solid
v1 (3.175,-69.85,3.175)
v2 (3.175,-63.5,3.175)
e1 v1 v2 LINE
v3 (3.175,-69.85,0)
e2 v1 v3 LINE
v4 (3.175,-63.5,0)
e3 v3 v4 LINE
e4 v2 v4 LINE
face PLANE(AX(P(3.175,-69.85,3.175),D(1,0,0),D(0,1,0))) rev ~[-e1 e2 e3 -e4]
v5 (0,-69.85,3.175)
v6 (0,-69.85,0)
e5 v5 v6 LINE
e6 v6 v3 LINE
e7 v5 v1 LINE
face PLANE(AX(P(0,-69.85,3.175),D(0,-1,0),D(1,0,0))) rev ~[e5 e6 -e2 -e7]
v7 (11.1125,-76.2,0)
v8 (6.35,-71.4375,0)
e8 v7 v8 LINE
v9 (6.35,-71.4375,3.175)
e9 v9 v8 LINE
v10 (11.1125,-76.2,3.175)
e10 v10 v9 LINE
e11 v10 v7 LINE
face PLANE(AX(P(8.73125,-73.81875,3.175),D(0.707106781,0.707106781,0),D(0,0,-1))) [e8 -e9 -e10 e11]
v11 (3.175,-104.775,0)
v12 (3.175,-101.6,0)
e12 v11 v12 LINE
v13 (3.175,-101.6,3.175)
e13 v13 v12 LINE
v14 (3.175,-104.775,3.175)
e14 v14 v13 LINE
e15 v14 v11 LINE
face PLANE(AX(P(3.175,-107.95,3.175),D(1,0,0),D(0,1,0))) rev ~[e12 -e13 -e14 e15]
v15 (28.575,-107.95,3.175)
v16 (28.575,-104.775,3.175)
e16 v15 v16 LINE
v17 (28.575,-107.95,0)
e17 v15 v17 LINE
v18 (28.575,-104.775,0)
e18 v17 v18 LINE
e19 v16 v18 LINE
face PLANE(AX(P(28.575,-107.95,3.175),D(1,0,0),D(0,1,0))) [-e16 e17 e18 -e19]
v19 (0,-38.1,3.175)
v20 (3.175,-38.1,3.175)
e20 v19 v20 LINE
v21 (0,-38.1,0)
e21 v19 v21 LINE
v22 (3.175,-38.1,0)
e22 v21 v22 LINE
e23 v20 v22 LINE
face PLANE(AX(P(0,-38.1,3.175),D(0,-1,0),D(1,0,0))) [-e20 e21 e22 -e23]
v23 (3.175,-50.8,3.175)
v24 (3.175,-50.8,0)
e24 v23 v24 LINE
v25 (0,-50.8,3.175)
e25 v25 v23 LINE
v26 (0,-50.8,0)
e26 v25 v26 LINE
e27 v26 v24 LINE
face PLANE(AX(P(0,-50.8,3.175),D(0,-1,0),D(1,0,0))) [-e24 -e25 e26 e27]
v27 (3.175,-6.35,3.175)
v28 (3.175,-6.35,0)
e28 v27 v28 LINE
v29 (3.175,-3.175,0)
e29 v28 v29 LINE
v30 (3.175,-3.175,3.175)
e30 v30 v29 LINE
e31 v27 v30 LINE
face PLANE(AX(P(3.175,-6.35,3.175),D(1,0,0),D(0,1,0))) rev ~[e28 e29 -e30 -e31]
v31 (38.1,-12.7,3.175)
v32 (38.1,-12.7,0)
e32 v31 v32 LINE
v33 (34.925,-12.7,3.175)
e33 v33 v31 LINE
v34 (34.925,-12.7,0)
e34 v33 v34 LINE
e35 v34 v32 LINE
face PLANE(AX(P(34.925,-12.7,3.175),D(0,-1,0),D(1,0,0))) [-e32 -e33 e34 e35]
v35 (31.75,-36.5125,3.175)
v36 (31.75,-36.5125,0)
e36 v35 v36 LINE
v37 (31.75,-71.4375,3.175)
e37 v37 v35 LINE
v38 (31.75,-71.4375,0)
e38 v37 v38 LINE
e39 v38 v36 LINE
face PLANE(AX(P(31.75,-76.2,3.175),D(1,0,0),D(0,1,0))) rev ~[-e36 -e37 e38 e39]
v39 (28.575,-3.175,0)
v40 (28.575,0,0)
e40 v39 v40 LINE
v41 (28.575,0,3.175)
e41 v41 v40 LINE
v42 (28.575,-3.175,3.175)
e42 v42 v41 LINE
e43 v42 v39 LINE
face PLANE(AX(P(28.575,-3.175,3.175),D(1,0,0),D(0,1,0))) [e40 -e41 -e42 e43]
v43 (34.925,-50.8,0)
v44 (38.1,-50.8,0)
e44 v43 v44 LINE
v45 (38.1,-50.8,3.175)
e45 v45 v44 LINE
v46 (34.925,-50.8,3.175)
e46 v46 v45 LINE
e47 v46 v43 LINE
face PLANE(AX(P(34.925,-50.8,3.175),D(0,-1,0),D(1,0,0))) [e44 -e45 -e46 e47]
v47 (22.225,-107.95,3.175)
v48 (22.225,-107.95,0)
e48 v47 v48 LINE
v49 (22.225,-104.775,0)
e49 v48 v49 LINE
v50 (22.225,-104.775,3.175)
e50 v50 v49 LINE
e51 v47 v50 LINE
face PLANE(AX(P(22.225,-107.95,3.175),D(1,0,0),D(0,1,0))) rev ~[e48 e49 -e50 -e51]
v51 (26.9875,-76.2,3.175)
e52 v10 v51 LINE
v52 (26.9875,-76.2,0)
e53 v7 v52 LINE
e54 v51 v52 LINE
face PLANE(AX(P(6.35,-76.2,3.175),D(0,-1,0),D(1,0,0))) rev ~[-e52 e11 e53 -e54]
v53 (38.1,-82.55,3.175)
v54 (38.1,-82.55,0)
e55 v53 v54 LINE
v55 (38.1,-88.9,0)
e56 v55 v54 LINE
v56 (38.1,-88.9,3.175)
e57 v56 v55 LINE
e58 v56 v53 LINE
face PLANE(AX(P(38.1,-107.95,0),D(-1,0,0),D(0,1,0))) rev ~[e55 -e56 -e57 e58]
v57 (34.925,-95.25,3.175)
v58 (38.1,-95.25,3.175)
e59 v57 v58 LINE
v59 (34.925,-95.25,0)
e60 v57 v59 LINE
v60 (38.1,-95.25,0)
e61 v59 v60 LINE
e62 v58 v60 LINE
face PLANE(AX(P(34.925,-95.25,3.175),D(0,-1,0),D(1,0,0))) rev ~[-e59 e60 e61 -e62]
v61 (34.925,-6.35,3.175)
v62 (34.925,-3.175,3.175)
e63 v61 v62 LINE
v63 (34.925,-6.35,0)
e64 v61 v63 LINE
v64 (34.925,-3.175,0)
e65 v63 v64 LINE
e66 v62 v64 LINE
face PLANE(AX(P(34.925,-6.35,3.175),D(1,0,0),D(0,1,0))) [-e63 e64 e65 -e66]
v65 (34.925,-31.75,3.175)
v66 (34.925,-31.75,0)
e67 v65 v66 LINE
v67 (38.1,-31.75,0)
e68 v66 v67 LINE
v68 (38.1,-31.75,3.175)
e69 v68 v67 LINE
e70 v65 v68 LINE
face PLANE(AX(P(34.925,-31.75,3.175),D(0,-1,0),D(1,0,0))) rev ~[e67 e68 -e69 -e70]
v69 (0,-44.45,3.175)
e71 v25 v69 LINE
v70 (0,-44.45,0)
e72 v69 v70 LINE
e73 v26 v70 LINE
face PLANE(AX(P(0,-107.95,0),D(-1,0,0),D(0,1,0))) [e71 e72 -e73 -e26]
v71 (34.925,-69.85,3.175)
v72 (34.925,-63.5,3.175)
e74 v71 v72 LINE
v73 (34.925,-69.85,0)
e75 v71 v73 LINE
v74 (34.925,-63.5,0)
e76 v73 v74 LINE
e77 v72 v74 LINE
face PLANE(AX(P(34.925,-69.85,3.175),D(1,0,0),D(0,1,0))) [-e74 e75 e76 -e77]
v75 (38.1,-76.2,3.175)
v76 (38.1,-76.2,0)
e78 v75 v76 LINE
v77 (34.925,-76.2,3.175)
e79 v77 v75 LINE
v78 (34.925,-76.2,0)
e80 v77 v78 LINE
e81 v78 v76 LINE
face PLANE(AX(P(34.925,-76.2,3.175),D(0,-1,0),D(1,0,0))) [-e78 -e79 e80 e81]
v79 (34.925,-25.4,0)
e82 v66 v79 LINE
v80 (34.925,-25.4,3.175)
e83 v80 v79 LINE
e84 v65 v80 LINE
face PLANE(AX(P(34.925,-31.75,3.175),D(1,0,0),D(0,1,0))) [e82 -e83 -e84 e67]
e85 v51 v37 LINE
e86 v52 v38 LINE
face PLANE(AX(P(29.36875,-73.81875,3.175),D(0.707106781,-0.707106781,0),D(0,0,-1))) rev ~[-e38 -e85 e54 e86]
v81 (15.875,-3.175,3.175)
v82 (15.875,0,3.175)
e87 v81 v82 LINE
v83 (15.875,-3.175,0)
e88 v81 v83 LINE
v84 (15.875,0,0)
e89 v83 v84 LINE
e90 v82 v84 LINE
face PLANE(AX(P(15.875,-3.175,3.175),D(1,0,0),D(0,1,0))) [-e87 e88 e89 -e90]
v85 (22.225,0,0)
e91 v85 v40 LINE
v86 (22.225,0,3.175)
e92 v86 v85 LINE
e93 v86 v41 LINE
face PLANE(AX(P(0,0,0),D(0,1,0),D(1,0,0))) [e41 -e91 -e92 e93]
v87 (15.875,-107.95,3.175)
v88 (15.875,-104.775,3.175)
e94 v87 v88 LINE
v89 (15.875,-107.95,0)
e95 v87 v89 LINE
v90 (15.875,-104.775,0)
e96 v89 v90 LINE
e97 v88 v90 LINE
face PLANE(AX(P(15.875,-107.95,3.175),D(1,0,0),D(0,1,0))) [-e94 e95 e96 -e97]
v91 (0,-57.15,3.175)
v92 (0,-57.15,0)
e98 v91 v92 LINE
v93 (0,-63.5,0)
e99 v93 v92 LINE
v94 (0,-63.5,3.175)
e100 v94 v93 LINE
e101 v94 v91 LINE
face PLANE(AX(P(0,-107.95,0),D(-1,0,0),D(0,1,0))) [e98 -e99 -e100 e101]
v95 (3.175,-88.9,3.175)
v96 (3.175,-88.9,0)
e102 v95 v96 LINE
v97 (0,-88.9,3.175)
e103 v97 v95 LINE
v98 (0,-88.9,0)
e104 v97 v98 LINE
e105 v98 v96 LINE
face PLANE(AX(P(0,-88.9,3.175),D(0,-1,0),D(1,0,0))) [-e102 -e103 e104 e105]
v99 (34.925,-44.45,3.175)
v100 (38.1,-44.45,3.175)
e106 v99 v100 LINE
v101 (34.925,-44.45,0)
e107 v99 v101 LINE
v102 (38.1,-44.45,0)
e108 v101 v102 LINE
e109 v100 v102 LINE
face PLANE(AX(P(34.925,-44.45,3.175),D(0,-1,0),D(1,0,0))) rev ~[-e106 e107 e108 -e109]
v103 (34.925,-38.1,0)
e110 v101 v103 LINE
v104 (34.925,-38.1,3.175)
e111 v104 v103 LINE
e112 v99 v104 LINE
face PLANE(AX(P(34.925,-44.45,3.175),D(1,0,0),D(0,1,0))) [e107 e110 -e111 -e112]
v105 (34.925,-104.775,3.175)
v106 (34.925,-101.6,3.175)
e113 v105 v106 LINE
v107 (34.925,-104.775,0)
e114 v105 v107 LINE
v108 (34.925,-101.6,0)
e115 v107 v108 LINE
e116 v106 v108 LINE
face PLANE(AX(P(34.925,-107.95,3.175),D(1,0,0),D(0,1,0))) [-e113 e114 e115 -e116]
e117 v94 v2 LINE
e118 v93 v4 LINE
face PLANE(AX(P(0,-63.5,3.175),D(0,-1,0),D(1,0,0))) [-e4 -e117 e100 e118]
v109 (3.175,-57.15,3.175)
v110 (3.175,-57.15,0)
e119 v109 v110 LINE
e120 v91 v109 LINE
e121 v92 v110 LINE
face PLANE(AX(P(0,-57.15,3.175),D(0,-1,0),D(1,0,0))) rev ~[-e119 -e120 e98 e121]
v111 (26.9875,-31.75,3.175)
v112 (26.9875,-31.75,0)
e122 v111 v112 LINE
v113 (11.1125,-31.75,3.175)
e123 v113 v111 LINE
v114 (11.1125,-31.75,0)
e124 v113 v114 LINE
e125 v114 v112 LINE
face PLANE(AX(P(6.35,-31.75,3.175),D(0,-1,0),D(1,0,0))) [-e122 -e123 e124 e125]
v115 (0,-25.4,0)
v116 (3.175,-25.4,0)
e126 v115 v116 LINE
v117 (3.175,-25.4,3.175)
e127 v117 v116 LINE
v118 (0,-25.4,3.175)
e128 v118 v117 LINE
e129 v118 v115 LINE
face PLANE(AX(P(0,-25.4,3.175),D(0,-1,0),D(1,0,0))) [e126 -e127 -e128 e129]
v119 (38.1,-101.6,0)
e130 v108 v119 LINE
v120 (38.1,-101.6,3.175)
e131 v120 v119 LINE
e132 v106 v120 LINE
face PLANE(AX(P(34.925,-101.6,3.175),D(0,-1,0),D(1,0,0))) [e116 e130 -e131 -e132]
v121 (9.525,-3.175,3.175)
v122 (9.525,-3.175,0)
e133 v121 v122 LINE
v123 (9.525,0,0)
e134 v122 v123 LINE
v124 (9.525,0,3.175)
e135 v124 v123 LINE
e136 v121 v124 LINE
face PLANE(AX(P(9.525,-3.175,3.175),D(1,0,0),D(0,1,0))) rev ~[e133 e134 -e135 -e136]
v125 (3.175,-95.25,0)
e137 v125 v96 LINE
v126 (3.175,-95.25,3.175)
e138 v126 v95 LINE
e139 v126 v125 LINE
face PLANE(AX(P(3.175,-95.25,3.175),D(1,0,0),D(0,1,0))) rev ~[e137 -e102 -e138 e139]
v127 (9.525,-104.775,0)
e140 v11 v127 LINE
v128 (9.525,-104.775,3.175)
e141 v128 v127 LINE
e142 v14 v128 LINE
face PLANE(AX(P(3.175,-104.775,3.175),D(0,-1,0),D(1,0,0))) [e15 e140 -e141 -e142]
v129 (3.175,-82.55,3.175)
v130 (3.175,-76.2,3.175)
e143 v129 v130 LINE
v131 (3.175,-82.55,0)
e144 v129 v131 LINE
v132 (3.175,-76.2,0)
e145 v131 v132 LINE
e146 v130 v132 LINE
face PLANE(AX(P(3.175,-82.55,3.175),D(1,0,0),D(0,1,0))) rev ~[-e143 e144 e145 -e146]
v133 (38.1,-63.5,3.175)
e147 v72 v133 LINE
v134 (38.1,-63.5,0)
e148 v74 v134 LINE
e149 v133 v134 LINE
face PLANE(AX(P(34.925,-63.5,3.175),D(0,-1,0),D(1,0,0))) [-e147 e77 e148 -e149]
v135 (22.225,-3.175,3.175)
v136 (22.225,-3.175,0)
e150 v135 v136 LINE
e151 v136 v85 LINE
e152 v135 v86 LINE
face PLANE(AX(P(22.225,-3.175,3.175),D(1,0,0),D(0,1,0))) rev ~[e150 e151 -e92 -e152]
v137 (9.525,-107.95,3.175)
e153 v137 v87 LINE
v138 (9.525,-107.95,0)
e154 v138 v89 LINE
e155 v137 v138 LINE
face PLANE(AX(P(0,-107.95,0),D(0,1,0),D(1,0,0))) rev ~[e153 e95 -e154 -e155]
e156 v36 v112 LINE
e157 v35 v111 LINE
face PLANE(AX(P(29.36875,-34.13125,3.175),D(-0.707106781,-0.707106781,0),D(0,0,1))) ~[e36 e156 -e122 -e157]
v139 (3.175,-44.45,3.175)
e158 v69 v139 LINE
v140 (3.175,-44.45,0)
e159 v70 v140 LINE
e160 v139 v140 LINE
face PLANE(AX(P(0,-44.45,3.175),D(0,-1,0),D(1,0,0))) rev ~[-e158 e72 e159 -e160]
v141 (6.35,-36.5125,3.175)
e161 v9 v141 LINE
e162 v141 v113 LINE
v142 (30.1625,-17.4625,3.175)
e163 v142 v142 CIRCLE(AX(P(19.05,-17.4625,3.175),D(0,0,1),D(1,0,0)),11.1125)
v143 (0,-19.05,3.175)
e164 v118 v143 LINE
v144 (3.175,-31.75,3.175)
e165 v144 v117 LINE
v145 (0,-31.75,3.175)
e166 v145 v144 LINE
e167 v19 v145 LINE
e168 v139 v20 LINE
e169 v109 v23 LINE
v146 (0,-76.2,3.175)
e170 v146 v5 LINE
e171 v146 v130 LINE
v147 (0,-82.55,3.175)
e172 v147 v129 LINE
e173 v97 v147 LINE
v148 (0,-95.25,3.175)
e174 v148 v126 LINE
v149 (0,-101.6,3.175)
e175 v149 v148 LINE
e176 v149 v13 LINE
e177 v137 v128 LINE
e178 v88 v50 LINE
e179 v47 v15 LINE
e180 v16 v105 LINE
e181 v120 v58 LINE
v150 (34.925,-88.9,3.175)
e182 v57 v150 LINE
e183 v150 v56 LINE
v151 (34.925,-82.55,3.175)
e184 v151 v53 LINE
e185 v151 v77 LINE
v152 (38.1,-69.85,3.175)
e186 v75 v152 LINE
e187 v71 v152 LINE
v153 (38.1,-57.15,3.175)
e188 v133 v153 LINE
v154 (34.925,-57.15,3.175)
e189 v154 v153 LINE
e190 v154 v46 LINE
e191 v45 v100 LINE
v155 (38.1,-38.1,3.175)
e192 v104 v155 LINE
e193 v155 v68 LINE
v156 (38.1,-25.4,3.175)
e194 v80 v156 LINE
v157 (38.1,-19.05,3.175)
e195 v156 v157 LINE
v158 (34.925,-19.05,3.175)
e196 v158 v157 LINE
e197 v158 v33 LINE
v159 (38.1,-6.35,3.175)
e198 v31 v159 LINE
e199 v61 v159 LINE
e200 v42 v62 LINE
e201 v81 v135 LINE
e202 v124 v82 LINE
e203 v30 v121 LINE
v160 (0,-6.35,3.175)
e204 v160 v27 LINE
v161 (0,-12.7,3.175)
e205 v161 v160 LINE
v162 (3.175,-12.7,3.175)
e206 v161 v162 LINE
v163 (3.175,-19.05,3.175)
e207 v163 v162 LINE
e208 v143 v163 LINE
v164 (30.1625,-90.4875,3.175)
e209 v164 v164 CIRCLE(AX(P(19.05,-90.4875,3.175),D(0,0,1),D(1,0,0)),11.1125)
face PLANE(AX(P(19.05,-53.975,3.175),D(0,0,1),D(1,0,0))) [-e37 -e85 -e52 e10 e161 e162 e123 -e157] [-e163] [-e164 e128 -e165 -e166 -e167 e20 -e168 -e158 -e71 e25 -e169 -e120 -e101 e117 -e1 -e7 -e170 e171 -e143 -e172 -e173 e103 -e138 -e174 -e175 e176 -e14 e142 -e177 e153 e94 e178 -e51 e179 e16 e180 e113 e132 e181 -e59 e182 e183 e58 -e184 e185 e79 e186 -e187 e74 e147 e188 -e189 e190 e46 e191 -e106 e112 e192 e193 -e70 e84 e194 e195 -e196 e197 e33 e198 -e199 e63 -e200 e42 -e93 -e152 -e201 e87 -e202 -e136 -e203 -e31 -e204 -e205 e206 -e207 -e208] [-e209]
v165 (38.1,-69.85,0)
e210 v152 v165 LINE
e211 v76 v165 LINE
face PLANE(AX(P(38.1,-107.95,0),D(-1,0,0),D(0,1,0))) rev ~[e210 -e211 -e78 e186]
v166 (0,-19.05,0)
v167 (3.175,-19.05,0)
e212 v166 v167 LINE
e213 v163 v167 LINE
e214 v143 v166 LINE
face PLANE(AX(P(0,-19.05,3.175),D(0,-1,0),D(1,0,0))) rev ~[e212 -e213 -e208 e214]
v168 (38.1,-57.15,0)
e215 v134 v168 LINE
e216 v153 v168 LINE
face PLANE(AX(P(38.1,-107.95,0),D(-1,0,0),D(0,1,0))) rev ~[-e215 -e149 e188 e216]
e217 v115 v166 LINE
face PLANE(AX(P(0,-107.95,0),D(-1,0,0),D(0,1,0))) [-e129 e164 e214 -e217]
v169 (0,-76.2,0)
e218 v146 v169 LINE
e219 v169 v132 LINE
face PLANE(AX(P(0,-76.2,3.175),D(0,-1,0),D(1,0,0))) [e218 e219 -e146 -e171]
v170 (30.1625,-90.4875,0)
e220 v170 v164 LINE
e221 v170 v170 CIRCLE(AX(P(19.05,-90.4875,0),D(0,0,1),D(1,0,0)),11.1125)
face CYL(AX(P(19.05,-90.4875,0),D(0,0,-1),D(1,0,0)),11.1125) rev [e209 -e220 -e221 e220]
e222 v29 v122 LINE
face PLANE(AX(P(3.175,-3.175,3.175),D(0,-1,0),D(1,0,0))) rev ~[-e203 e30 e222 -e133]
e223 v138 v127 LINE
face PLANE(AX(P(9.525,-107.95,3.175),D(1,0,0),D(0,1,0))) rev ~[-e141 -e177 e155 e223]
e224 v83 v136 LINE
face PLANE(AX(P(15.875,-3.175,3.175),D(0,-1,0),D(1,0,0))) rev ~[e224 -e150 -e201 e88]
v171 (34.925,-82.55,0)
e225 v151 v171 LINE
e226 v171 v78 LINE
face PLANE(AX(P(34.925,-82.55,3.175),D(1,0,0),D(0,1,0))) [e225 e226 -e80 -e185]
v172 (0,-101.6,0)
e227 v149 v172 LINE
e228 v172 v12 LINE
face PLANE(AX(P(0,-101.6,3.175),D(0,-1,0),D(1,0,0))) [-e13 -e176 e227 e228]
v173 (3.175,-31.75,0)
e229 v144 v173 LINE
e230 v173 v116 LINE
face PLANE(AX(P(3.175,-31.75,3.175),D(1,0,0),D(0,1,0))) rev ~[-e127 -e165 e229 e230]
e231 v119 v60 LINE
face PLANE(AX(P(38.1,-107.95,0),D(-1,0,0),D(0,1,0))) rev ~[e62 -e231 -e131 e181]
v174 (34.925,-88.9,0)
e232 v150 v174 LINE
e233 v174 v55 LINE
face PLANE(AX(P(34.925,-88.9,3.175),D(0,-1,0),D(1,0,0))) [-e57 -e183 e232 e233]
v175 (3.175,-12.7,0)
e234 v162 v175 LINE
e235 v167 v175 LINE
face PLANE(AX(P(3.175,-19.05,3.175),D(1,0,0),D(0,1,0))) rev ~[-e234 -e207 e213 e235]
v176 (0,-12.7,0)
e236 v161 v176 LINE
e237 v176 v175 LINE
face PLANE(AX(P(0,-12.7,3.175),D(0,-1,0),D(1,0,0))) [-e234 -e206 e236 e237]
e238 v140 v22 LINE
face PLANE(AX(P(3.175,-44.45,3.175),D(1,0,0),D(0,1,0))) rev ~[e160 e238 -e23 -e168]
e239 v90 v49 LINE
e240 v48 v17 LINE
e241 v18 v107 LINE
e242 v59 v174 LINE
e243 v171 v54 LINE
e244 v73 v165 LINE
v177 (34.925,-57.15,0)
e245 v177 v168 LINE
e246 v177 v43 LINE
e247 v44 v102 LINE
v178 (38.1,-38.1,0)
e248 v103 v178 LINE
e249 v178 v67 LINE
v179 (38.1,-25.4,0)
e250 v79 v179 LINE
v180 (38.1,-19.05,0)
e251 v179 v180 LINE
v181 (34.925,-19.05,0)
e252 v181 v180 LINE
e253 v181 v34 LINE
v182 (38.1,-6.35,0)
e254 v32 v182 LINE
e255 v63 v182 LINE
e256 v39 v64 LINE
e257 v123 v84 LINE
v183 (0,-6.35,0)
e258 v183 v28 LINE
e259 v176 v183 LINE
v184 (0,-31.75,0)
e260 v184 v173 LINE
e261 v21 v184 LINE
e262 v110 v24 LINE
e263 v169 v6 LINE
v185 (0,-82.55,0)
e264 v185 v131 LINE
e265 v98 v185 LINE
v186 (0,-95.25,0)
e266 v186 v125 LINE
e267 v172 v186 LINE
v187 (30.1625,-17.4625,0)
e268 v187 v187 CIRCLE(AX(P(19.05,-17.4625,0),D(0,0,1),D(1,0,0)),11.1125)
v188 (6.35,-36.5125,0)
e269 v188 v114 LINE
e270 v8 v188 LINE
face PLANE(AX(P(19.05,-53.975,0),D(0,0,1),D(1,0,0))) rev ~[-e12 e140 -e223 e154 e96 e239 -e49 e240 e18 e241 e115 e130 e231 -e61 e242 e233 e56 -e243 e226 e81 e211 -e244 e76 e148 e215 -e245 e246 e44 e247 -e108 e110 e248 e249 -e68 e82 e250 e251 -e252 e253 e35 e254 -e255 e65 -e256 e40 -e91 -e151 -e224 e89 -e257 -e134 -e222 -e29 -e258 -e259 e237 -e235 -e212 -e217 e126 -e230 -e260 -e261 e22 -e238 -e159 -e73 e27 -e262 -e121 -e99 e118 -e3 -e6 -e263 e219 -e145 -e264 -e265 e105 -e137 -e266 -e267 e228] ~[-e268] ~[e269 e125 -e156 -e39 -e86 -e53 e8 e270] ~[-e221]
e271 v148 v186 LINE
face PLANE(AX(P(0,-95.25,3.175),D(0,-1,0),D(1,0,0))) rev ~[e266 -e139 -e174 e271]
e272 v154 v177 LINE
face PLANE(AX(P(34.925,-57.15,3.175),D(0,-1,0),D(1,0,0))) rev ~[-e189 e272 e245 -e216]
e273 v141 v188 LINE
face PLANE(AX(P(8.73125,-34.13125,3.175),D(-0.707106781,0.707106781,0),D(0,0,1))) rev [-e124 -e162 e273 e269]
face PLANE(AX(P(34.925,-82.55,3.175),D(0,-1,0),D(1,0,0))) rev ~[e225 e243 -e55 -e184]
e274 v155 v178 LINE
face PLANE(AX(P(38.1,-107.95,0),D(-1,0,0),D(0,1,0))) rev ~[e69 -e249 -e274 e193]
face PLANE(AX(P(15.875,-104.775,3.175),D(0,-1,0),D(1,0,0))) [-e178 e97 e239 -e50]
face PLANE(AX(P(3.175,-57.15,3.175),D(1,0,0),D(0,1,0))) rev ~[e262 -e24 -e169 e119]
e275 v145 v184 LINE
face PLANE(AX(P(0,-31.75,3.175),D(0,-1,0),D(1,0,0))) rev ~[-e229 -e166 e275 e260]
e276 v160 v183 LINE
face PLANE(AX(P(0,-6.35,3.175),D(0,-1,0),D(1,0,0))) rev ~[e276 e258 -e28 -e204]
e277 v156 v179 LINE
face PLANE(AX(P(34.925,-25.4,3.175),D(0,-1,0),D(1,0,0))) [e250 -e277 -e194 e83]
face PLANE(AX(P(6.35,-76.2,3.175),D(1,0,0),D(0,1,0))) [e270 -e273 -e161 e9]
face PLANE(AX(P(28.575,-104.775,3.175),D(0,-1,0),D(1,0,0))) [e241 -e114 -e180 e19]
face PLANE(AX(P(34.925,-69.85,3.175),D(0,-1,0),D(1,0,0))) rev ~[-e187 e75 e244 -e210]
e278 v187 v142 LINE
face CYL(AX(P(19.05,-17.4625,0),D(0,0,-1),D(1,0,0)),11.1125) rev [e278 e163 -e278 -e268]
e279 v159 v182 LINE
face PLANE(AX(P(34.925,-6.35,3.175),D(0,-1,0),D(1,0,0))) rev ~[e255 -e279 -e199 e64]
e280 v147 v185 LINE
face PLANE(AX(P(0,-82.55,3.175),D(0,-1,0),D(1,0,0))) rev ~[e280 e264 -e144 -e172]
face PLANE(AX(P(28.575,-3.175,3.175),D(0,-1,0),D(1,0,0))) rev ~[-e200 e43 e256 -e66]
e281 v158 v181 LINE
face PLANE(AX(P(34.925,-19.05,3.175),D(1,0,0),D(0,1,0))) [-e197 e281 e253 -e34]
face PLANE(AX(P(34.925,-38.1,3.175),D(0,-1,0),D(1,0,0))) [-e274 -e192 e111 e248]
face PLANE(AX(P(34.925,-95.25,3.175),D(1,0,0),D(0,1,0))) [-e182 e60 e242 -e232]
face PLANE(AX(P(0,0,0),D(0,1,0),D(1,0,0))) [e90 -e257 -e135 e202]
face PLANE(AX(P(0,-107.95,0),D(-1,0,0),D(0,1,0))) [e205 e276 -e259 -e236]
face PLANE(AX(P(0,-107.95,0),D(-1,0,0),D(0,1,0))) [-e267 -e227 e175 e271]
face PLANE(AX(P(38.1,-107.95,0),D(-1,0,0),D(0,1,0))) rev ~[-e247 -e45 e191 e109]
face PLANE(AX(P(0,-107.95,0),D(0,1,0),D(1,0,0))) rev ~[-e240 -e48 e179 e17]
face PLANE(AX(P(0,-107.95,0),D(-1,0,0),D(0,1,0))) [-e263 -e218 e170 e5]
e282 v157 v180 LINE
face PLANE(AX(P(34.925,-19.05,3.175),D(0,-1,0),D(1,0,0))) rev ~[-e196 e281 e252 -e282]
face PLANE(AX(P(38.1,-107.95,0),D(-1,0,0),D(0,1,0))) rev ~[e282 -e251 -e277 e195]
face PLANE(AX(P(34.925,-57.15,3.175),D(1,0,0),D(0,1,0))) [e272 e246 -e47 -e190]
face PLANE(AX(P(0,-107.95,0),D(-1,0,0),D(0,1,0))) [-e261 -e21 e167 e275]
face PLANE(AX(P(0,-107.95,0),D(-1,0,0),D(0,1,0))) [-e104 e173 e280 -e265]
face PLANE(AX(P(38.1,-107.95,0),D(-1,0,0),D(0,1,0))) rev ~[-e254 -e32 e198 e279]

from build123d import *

# Parameters (mm, degrees)
F0_W     = 38.1
F0_H     = 107.95
F0_R     = 11.1125
F1_DEPTH = 3.175
F2_W     = 3.175
F2_H     = 6.35
F2_W_2   = 25.4
F2_H_2   = 44.45
F3_DEPTH = 3.175
F4_W     = 6.35
F4_H     = 3.175
F5_DEPTH = 3.175
F6_SIZE  = 4.7625


with BuildPart() as f1:
    # F0 (on Top) → F1 (new body)
    with BuildSketch(Plane.XY):
        with Locations((19.05, -53.975)):
            Rectangle(F0_W, F0_H)
        with Locations((19.05, -90.4875)):
            Circle(F0_R, mode=Mode.SUBTRACT)
        with Locations((19.05, -17.4625)):
            Circle(F0_R, mode=Mode.SUBTRACT)
    extrude(amount=F1_DEPTH)

    # F2 (on face) → F3 (cut, through all)
    with BuildSketch(Plane.XY.offset(3.175)):
        with Locations((36.5125, -3.175)):
            Rectangle(F2_W, F2_H)
        with Locations((1.5875, -3.175)):
            Rectangle(F2_W, F2_H)
        with Locations((1.5875, -15.875)):
            Rectangle(F2_W, F2_H)
        with Locations((36.5125, -15.875)):
            Rectangle(F2_W, F2_H)
        with Locations((36.5125, -28.575)):
            Rectangle(F2_W, F2_H)
        with Locations((36.5125, -41.275)):
            Rectangle(F2_W, F2_H)
        with Locations((36.5125, -53.975)):
            Rectangle(F2_W, F2_H)
        with Locations((36.5125, -66.675)):
            Rectangle(F2_W, F2_H)
        with Locations((36.5125, -79.375)):
            Rectangle(F2_W, F2_H)
        with Locations((36.5125, -92.075)):
            Rectangle(F2_W, F2_H)
        with Locations((36.5125, -104.775)):
            Rectangle(F2_W, F2_H)
        with Locations((36.5125, -117.475)):
            Rectangle(F2_W, F2_H)
        with Locations((36.5125, -130.175)):
            Rectangle(F2_W, F2_H)
        with Locations((1.5875, -28.575)):
            Rectangle(F2_W, F2_H)
        with Locations((1.5875, -41.275)):
            Rectangle(F2_W, F2_H)
        with Locations((1.5875, -53.975)):
            Rectangle(F2_W, F2_H)
        with Locations((1.5875, -66.675)):
            Rectangle(F2_W, F2_H)
        with Locations((1.5875, -79.375)):
            Rectangle(F2_W, F2_H)
        with Locations((1.5875, -92.075)):
            Rectangle(F2_W, F2_H)
        with Locations((1.5875, -104.775)):
            Rectangle(F2_W, F2_H)
        with Locations((1.5875, -117.475)):
            Rectangle(F2_W, F2_H)
        with Locations((1.5875, -130.175)):
            Rectangle(F2_W, F2_H)
        with Locations((19.05, -53.975)):
            Rectangle(F2_W_2, F2_H_2)
    extrude(amount=-F3_DEPTH, mode=Mode.SUBTRACT)

    # F4 (on face) → F5 (cut, through all)
    with BuildSketch(Plane.XY.offset(3.175)):
        with Locations((19.05, -1.5875)):
            Rectangle(F4_W, F4_H)
        with Locations((31.75, -1.5875)):
            Rectangle(F4_W, F4_H)
        with Locations((6.35, -1.5875)):
            Rectangle(F4_W, F4_H)
        with Locations((31.75, -106.3625)):
            Rectangle(F4_W, F4_H)
        with Locations((6.35, -106.3625)):
            Rectangle(F4_W, F4_H)
        with Locations((19.05, -106.3625)):
            Rectangle(F4_W, F4_H)
    extrude(amount=-F5_DEPTH, mode=Mode.SUBTRACT)

    # F6
    f6_edges = [f1.edges().sort_by_distance(p)[0] for p in [
        (31.75, -31.75, 1.5875),
        (6.35, -31.75, 1.5875),
        (6.35, -76.2, 1.5875),
        (31.75, -76.2, 1.5875),
    ]]
    chamfer(f6_edges, length=F6_SIZE)


solid = f1.part
